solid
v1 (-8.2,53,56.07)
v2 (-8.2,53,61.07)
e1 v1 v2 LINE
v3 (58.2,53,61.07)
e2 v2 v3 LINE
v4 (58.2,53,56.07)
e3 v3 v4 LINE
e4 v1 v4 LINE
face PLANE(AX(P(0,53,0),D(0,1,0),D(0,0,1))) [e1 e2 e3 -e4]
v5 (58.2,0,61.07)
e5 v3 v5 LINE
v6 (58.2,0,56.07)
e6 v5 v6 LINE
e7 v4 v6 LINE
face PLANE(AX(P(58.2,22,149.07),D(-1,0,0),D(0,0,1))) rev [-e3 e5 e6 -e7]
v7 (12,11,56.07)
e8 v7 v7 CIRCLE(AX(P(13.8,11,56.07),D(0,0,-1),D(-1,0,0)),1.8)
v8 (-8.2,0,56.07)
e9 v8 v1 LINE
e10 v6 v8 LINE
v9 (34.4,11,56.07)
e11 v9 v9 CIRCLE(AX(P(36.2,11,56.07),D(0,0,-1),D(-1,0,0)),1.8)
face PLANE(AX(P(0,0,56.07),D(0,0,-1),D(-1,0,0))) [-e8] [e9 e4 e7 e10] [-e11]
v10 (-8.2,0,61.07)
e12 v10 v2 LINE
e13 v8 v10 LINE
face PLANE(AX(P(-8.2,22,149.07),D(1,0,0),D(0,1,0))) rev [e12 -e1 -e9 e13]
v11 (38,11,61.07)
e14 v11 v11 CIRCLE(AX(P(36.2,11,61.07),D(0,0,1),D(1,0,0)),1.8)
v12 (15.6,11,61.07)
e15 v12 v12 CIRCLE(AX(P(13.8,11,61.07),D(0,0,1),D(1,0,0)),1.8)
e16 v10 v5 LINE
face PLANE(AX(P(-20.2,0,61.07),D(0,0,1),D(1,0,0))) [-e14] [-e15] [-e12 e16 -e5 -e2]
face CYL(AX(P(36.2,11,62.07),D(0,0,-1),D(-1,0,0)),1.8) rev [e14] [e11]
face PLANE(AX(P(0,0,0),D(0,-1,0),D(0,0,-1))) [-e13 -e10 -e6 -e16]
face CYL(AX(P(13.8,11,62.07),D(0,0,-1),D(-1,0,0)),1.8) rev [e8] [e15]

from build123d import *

# Parameters (mm, degrees)
SKETCH1_W                = 50
SKETCH1_H                = 9.1
BOSS_EXTRUDE1_DEPTH      = 2
SKETCH2_W                = 25
SKETCH2_H                = 6.6
CUT_EXTRUDE1_DEPTH       = 2
SKETCH3_R                = 1.8
CUT_EXTRUDE2_DEPTH       = 2
SKETCH4_W                = 66.4
SKETCH4_H                = 130
BOSS_EXTRUDE2_DEPTH      = 2
SKETCH5_W                = 66.4
SKETCH5_H                = 2
BOSS_EXTRUDE3_DEPTH      = 2.5
SKETCH6_W                = 8.6
SKETCH6_H                = 62.5
BOSS_EXTRUDE4_DEPTH      = 2
SKETCH7_R                = 1.8
SKETCH7_W                = 3
SKETCH7_H                = 5
CUT_EXTRUDE3_DEPTH       = 2
SKETCH8_W                = 25
SKETCH8_H                = 45
CUT_EXTRUDE4_DEPTH       = 20
SKETCH9_W                = 25
SKETCH9_H                = 10
BOSS_EXTRUDE5_DEPTH      = 2
SKETCH10_W               = 34.7
SKETCH10_H               = 27.07
BOSS_EXTRUDE6_DEPTH      = 2
SKETCH11_R               = 1.8
CUT_EXTRUDE5_DEPTH       = 2
SKETCH12_R               = 1.8
CUT_EXTRUDE6_DEPTH       = 2
SKETCH13_W               = 2
SKETCH13_H               = 2
BOSS_EXTRUDE7_DEPTH      = 44
SKETCH14_W               = 2
SKETCH14_H               = 2
BOSS_EXTRUDE8_DEPTH      = 46
SKETCH16_W               = 42
SKETCH16_H               = 43
BOSS_EXTRUDE10_DEPTH     = 2
SKETCH18_R               = 1.8
CUT_EXTRUDE7_DEPTH       = 2
BOSS_EXTRUDE12_DEPTH     = 2
SKETCH21_W               = 2
SKETCH21_H               = 2
BOSS_EXTRUDE13_DEPTH     = 10
SKETCH25_W               = 3
SKETCH25_H               = 5
CUT_EXTRUDE8_DEPTH       = 10
SKETCH26_W               = 6.2
SKETCH26_H               = 13
SKETCH26_W_2             = 21
SKETCH26_H_2             = 6.6
BOSS_EXTRUDE14_DEPTH     = 2
SKETCH27_W               = 2
SKETCH27_H               = 27
SKETCH27_H_2             = 24.93
BOSS_EXTRUDE15_DEPTH     = 2
SKETCH29_W               = 10
SKETCH29_H               = 10
BOSS_EXTRUDE19_DEPTH     = 2
SKETCH41_R               = 1.8
CUT_EXTRUDE15_DEPTH      = 2
BOSS_EXTRUDE26_DEPTH     = 2
SKETCH43_W               = 70.4
SKETCH43_H               = 2
BOSS_EXTRUDE27_DEPTH     = 11
SKETCH44_W               = 10
SKETCH44_H               = 5
BOSS_EXTRUDE28_DEPTH     = 2
SKETCH45_R               = 1.8
BOSS_EXTRUDE29_DEPTH     = 2
SKETCH46_R               = 1.8
CUT_EXTRUDE16_DEPTH      = 2
SKETCH47_W               = 10
SKETCH47_H               = 1
BOSS_EXTRUDE30_DEPTH     = 2
SKETCH48_W               = 32.7
SKETCH48_H               = 31.07
SKETCH48_W_2             = 101.75
SKETCH48_H_2             = 120.487369876
CUT_EXTRUDE17_DEPTH      = 20
SKETCH50_W               = 66.4
SKETCH50_H               = 81.07
CUT_EXTRUDE19_DEPTH      = 20
SKETCH51_W               = 70.4
SKETCH51_H               = 85.07
SKETCH51_W_2             = 66.4
SKETCH51_H_2             = 81.07
BOSS_EXTRUDE31_DEPTH     = 20
SKETCH52_W               = 10
SKETCH52_H               = 1
BOSS_EXTRUDE32_DEPTH     = 2
SKETCH53_W               = 10
SKETCH53_H               = 4
CUT_EXTRUDE20_DEPTH      = 2
BOSS_EXTRUDE33_START     = 1
SKETCH54_W               = 10
SKETCH54_H               = 12
SKETCH54_R               = 1.8
BOSS_EXTRUDE33_DEPTH     = 1
CUT_EXTRUDE23_DEPTH      = 96
CUT_EXTRUDE23_DEPTH_BACK = 16
SKETCH59_R               = 1.8
SKETCH62_W               = 66.985033768
SKETCH62_H               = 11.249394984
BOSS_EXTRUDE38_DEPTH     = 1
SKETCH65_R               = 1.8
CUT_EXTRUDE27_DEPTH      = 3
SKETCH66_R               = 1
CUT_EXTRUDE28_DEPTH      = 87
BOSS_EXTRUDE41_DEPTH     = 2
BOSS_EXTRUDE42_DEPTH     = 2
BOSS_EXTRUDE43_DEPTH     = 2
SKETCH68_W               = 6.791832398
SKETCH68_H               = 8.144168394
SKETCH68_W_2             = 5.485710784
SKETCH68_W_3             = 7.764004839
SKETCH68_H_2             = 11.628907231
BOSS_EXTRUDE44_DEPTH     = 2
BOSS_EXTRUDE45_DEPTH     = 2
SKETCH70_R               = 1.8
CUT_EXTRUDE29_DEPTH      = 83
SKETCH72_W               = 109.694125273
SKETCH72_H               = 49.124079095
CUT_EXTRUDE30_DEPTH      = 90
SKETCH73_W               = 16.906531278
SKETCH73_H               = 38.825332728
SKETCH73_W_2             = 13.856512057
SKETCH73_H_2             = 35.444026473
CUT_EXTRUDE31_DEPTH      = 90
SKETCH74_W               = 66.4
SKETCH74_H               = 2
BOSS_EXTRUDE46_DEPTH     = 31
BOSS_EXTRUDE47_START     = 3
SKETCH75_W               = 66.4
SKETCH75_H               = 53
SKETCH75_R               = 1.8
BOSS_EXTRUDE47_DEPTH     = 3


with BuildPart() as part:
    # Sketch1 → Boss-Extrude1 (new body)
    with BuildSketch(Plane(origin=(0, 0, 0), x_dir=(1, 0, 0), z_dir=(0, 1, 0))):
        with Locations((25, 4.55)):
            Rectangle(SKETCH1_W, SKETCH1_H)
    extrude(amount=BOSS_EXTRUDE1_DEPTH)

    # Sketch2 → Cut-Extrude1 (cut)
    with BuildSketch(Plane(origin=(0, 2, 0), x_dir=(1, 0, 0), z_dir=(0, 1, 0))):
        with Locations((25, 5.8)):
            Rectangle(SKETCH2_W, SKETCH2_H)
    extrude(amount=-CUT_EXTRUDE1_DEPTH, mode=Mode.SUBTRACT)

    # Sketch3 → Cut-Extrude2 (cut)
    with BuildSketch(Plane(origin=(0, 2, 0), x_dir=(1, 0, 0), z_dir=(0, 1, 0))):
        with Locations(Location((6.25, 5.8, 0), (0, 0, 270))):
            Circle(SKETCH3_R)
        with Locations(Location((43.75, 5.8, 0), (0, 0, 270))):
            Circle(SKETCH3_R)
    extrude(amount=-CUT_EXTRUDE2_DEPTH, mode=Mode.SUBTRACT)

    # Sketch4 → Boss-Extrude2 (add)
    with BuildSketch(Plane(origin=(0, 2, 0), x_dir=(1, 0, 0), z_dir=(0, 1, 0))):
        with Locations((25, -65)):
            Rectangle(SKETCH4_W, SKETCH4_H)
    extrude(amount=-BOSS_EXTRUDE2_DEPTH)

    # Sketch5 → Boss-Extrude3 (add)
    with BuildSketch(Plane.XY.offset(130)):
        with Locations((25, 1)):
            Rectangle(SKETCH5_W, SKETCH5_H)
    extrude(amount=BOSS_EXTRUDE3_DEPTH)

    # Sketch6 → Boss-Extrude4 (add)
    with BuildSketch(Plane(origin=(0, 2, 0), x_dir=(1, 0, 0), z_dir=(0, 1, 0))):
        with Locations((-12.5, -101.25)):
            Rectangle(SKETCH6_W, SKETCH6_H)
        with Locations((62.5, -101.25)):
            Rectangle(SKETCH6_W, SKETCH6_H)
    extrude(amount=-BOSS_EXTRUDE4_DEPTH)

    # Sketch7 → Cut-Extrude3 (cut)
    with BuildSketch(Plane(origin=(0, 2, 0), x_dir=(1, 0, 0), z_dir=(0, 1, 0))):
        with Locations(Location((-13.5, -77, 0), (0, 0, 270))):
            Circle(SKETCH7_R)
        with Locations(Location((-13.5, -101.25, 0), (0, 0, 270))):
            Circle(SKETCH7_R)
        with Locations(Location((-13.5, -125.5, 0), (0, 0, 270))):
            Circle(SKETCH7_R)
        with Locations(Location((63.5, -77, 0), (0, 0, 270))):
            Circle(SKETCH7_R)
        with Locations(Location((63.5, -101.25, 0), (0, 0, 270))):
            Circle(SKETCH7_R)
        with Locations(Location((63.5, -125.5, 0), (0, 0, 270))):
            Circle(SKETCH7_R)
        with Locations((-13.5, -117.5)):
            Rectangle(SKETCH7_W, SKETCH7_H)
        with Locations((63.5, -117.5)):
            Rectangle(SKETCH7_W, SKETCH7_H)
    extrude(amount=-CUT_EXTRUDE3_DEPTH, mode=Mode.SUBTRACT)

    # Sketch8 → Cut-Extrude4 (cut)
    with BuildSketch(Plane(origin=(0, 2, 0), x_dir=(1, 0, 0), z_dir=(0, 1, 0))):
        with Locations((25, -22.5)):
            Rectangle(SKETCH8_W, SKETCH8_H)
    extrude(amount=-CUT_EXTRUDE4_DEPTH, mode=Mode.SUBTRACT)

    # Sketch9 → Boss-Extrude5 (add)
    with BuildSketch(Plane(origin=(0, 2, 0), x_dir=(1, 0, 0), z_dir=(0, 1, 0))):
        with Locations((25, -5)):
            Rectangle(SKETCH9_W, SKETCH9_H)
    extrude(amount=-BOSS_EXTRUDE5_DEPTH)

    # Sketch10 → Boss-Extrude6 (add)
    with BuildSketch(Plane(origin=(0, 2, 0), x_dir=(1, 0, 0), z_dir=(0, 1, 0))):
        with Locations((-25.55, -29.535)):
            Rectangle(SKETCH10_W, SKETCH10_H)
        with Locations((75.55, -29.535)):
            Rectangle(SKETCH10_W, SKETCH10_H)
    extrude(amount=-BOSS_EXTRUDE6_DEPTH)

    # Sketch11 → Cut-Extrude5 (cut)
    with BuildSketch(Plane(origin=(0, 2, 0), x_dir=(1, 0, 0), z_dir=(0, 1, 0))):
        with Locations(Location((-36.9, -19.25, 0), (0, 0, 270))):
            Circle(SKETCH11_R)
        with Locations(Location((-36.9, -39.82, 0), (0, 0, 270))):
            Circle(SKETCH11_R)
        with Locations(Location((-22.6, -19.25, 0), (0, 0, 270))):
            Circle(SKETCH11_R)
        with Locations(Location((-22.6, -39.82, 0), (0, 0, 270))):
            Circle(SKETCH11_R)
    extrude(amount=-CUT_EXTRUDE5_DEPTH, mode=Mode.SUBTRACT)

    # Sketch12 → Cut-Extrude6 (cut)
    with BuildSketch(Plane(origin=(0, 2, 0), x_dir=(1, 0, 0), z_dir=(0, 1, 0))):
        with Locations(Location((72.6, -19.25, 0), (0, 0, 270))):
            Circle(SKETCH12_R)
        with Locations(Location((86.9, -19.25, 0), (0, 0, 270))):
            Circle(SKETCH12_R)
        with Locations(Location((72.6, -39.82, 0), (0, 0, 270))):
            Circle(SKETCH12_R)
        with Locations(Location((86.9, -39.82, 0), (0, 0, 270))):
            Circle(SKETCH12_R)
    extrude(amount=-CUT_EXTRUDE6_DEPTH, mode=Mode.SUBTRACT)

    # Sketch13 → Boss-Extrude7 (add)
    with BuildSketch(Plane.ZY.offset(42.9)):
        with Locations((15, 1)):
            Rectangle(SKETCH13_W, SKETCH13_H)
        with Locations((44.07, 1)):
            Rectangle(SKETCH13_W, SKETCH13_H)
    extrude(amount=-BOSS_EXTRUDE7_DEPTH)

    # Sketch14 → Boss-Extrude8 (add)
    with BuildSketch(Plane(origin=(92.9, 0, 0), x_dir=(0, 0, -1), z_dir=(1, 0, 0))):
        with Locations((-15, 1)):
            Rectangle(SKETCH14_W, SKETCH14_H)
        with Locations((-44.07, 1)):
            Rectangle(SKETCH14_W, SKETCH14_H)
    extrude(amount=-BOSS_EXTRUDE8_DEPTH)

    # Sketch16 → Boss-Extrude10 (add)
    with BuildSketch(Plane(origin=(0, 2, 0), x_dir=(1, 0, 0), z_dir=(0, 1, 0))):
        with Locations((25, -154)):
            Rectangle(SKETCH16_W, SKETCH16_H)
    extrude(amount=-BOSS_EXTRUDE10_DEPTH)

    # Sketch18 → Cut-Extrude7 (cut)
    with BuildSketch(Plane(origin=(0, 2, 0), x_dir=(1, 0, 0), z_dir=(0, 1, 0))):
        with Locations(Location((8.74, -171.03, 0), (0, 0, 270))):
            Circle(SKETCH18_R)
        with Locations(Location((41.26, -171.03, 0), (0, 0, 270))):
            Circle(SKETCH18_R)
        with Locations(Location((8.74, -138.5, 0), (0, 0, 270))):
            Circle(SKETCH18_R)
        with Locations(Location((41.26, -138.5, 0), (0, 0, 270))):
            Circle(SKETCH18_R)
    extrude(amount=-CUT_EXTRUDE7_DEPTH, mode=Mode.SUBTRACT)

    # Sketch20 → Boss-Extrude12 (add)
    with BuildSketch(Plane(origin=(0, 2, 0), x_dir=(1, 0, 0), z_dir=(0, 1, 0))):
        with BuildLine():
            Line((-2, -132.5), (4, -132.5))
            Line((4, -132.5), (4, -138.5))
            ThreePointArc((4, -138.5), (2.242640687, -134.257359313), (-2, -132.5))
        make_face()
        with BuildLine():
            ThreePointArc((52, -132.5), (47.757359313, -134.257359313), (46, -138.5))
            Line((46, -138.5), (46, -132.5))
            Line((46, -132.5), (52, -132.5))
        make_face()
    extrude(amount=-BOSS_EXTRUDE12_DEPTH)

    # Sketch21 → Boss-Extrude13 (add)
    with BuildSketch(Plane(origin=(0, 0, -9.1), x_dir=(-1, 0, 0), z_dir=(0, 0, -1))):
        with Locations((-51, 1)):
            Rectangle(SKETCH21_W, SKETCH21_H)
        with Locations((-36.5, 1)):
            Rectangle(SKETCH21_W, SKETCH21_H)
        with Locations((-13.5, 1)):
            Rectangle(SKETCH21_W, SKETCH21_H)
        with Locations((1, 1)):
            Rectangle(SKETCH21_W, SKETCH21_H)
    extrude(amount=-BOSS_EXTRUDE13_DEPTH)

    # Sketch25 → Cut-Extrude8 (cut)
    with BuildSketch(Plane(origin=(0, 2, 0), x_dir=(1, 0, 0), z_dir=(0, 1, 0))):
        with Locations((-11.7, -22.5)):
            Rectangle(SKETCH25_W, SKETCH25_H)
        with Locations((-11.7, -36.57)):
            Rectangle(SKETCH25_W, SKETCH25_H)
        with Locations((61.7, -22.5)):
            Rectangle(SKETCH25_W, SKETCH25_H)
        with Locations((61.7, -36.57)):
            Rectangle(SKETCH25_W, SKETCH25_H)
    extrude(amount=-CUT_EXTRUDE8_DEPTH, mode=Mode.SUBTRACT)

    # Sketch26 → Boss-Extrude14 (add)
    with BuildSketch(Plane(origin=(0, 2, 0), x_dir=(1, 0, 0), z_dir=(0, 1, 0))):
        with Locations((-5.1, 6.5)):
            Rectangle(SKETCH26_W, SKETCH26_H)
        Polygon((-2, 13), (-2, 9.1), (14.5, 9.1), (35.5, 9.1), (52, 9.1), (52, 13), align=None)
        with Locations((25, 5.8)):
            Rectangle(SKETCH26_W_2, SKETCH26_H_2)
        with Locations((55.1, 6.5)):
            Rectangle(SKETCH26_W, SKETCH26_H)
    extrude(amount=-BOSS_EXTRUDE14_DEPTH)

    # Sketch27 → Boss-Extrude15 (add)
    with BuildSketch(Plane(origin=(0, 2, 0), x_dir=(1, 0, 0), z_dir=(0, 1, 0))):
        with Locations((-9.2, -0.5)):
            Rectangle(SKETCH27_W, SKETCH27_H)
        with Locations((-9.2, -57.535)):
            Rectangle(SKETCH27_W, SKETCH27_H_2)
        with Locations((59.2, -0.5)):
            Rectangle(SKETCH27_W, SKETCH27_H)
        with Locations((59.2, -57.535)):
            Rectangle(SKETCH27_W, SKETCH27_H_2)
    extrude(amount=-BOSS_EXTRUDE15_DEPTH)

    # Sketch29 → Boss-Extrude19 (add)
    with BuildSketch(Plane(origin=(0, 2, 0), x_dir=(1, 0, 0), z_dir=(0, 1, 0))):
        with Locations((-15.2, -9)):
            Rectangle(SKETCH29_W, SKETCH29_H)
        with Locations((-15.2, -50.07)):
            Rectangle(SKETCH29_W, SKETCH29_H)
        with Locations((65.2, -9)):
            Rectangle(SKETCH29_W, SKETCH29_H)
        with Locations((65.2, -50.07)):
            Rectangle(SKETCH29_W, SKETCH29_H)
    extrude(amount=-BOSS_EXTRUDE19_DEPTH)

    # Sketch41 → Cut-Extrude15 (cut)
    with BuildSketch(Plane(origin=(0, 2, 0), x_dir=(1, 0, 0), z_dir=(0, 1, 0))):
        with Locations(Location((-15.2, -9, 0), (0, 0, 270))):
            Circle(SKETCH41_R)
        with Locations(Location((-15.2, -50.07, 0), (0, 0, 270))):
            Circle(SKETCH41_R)
        with Locations(Location((65.2, -9, 0), (0, 0, 270))):
            Circle(SKETCH41_R)
        with Locations(Location((65.2, -50.07, 0), (0, 0, 270))):
            Circle(SKETCH41_R)
    extrude(amount=-CUT_EXTRUDE15_DEPTH, mode=Mode.SUBTRACT)

    # Sketch42 → Boss-Extrude26 (add)
    with BuildSketch(Plane(origin=(0, 2, 0), x_dir=(1, 0, 0), z_dir=(0, 1, 0))):
        with BuildLine():
            Line((-16.8, -70), (-10.2, -70))
            Line((-10.2, -70), (-10.2, -63.4))
            ThreePointArc((-10.2, -63.4), (-12.133095244, -68.066904756), (-16.8, -70))
        make_face()
        with BuildLine():
            Line((60.2, -63.4), (60.2, -70))
            Line((60.2, -70), (66.8, -70))
            ThreePointArc((66.8, -70), (62.133095244, -68.066904756), (60.2, -63.4))
        make_face()
    extrude(amount=-BOSS_EXTRUDE26_DEPTH)

    # Sketch43 → Boss-Extrude27 (add)
    with BuildSketch(Plane(origin=(0, 0, -13), x_dir=(-1, 0, 0), z_dir=(0, 0, -1))):
        with Locations((-25, 1)):
            Rectangle(SKETCH43_W, SKETCH43_H)
    extrude(amount=BOSS_EXTRUDE27_DEPTH)

    # Sketch44 → Boss-Extrude28 (add)
    with BuildSketch(Plane(origin=(0, 2, 0), x_dir=(1, 0, 0), z_dir=(0, 1, 0))):
        with Locations((-15.2, -57.57)):
            Rectangle(SKETCH44_W, SKETCH44_H)
        with Locations((65.2, -57.57)):
            Rectangle(SKETCH44_W, SKETCH44_H)
    extrude(amount=-BOSS_EXTRUDE28_DEPTH)

    # Sketch45 → Boss-Extrude29 (add)
    with BuildSketch(Plane(origin=(0, 2, 0), x_dir=(1, 0, 0), z_dir=(0, 1, 0))):
        with Locations((-15.2, -50.07)):
            Circle(SKETCH45_R)
        with Locations((65.2, -50.07)):
            Circle(SKETCH45_R)
    extrude(amount=-BOSS_EXTRUDE29_DEPTH)

    # Sketch46 → Cut-Extrude16 (cut)
    with BuildSketch(Plane(origin=(0, 2, 0), x_dir=(1, 0, 0), z_dir=(0, 1, 0))):
        with Locations(Location((-15.2, -55.07, 0), (0, 0, 270))):
            Circle(SKETCH46_R)
        with Locations(Location((65.2, -55.07, 0), (0, 0, 270))):
            Circle(SKETCH46_R)
    extrude(amount=-CUT_EXTRUDE16_DEPTH, mode=Mode.SUBTRACT)

    # Sketch47 → Boss-Extrude30 (add)
    with BuildSketch(Plane(origin=(0, 2, 0), x_dir=(1, 0, 0), z_dir=(0, 1, 0))):
        with Locations((-15.2, -3.5)):
            Rectangle(SKETCH47_W, SKETCH47_H)
        with Locations((-15.2, -60.57)):
            Rectangle(SKETCH47_W, SKETCH47_H)
        with Locations((65.2, -3.5)):
            Rectangle(SKETCH47_W, SKETCH47_H)
        with Locations((65.2, -60.57)):
            Rectangle(SKETCH47_W, SKETCH47_H)
    extrude(amount=-BOSS_EXTRUDE30_DEPTH)

    # Sketch48 → Cut-Extrude17 (cut)
    with BuildSketch(Plane(origin=(0, 2, 0), x_dir=(1, 0, 0), z_dir=(0, 1, 0))):
        with Locations((-26.55, -29.535)):
            Rectangle(SKETCH48_W, SKETCH48_H)
        with Locations((76.55, -29.535)):
            Rectangle(SKETCH48_W, SKETCH48_H)
        with Locations((30.675, -121.313684938)):
            Rectangle(SKETCH48_W_2, SKETCH48_H_2)
    extrude(amount=-CUT_EXTRUDE17_DEPTH, mode=Mode.SUBTRACT)

    # Sketch50 → Cut-Extrude19 (cut)
    with BuildSketch(Plane(origin=(0, 2, 0), x_dir=(1, 0, 0), z_dir=(0, 1, 0))):
        with Locations((25, -18.535)):
            Rectangle(SKETCH50_W, SKETCH50_H)
    extrude(amount=-CUT_EXTRUDE19_DEPTH, mode=Mode.SUBTRACT)

    # Sketch51 → Boss-Extrude31 (add)
    with BuildSketch(Plane(origin=(0, 2, 0), x_dir=(1, 0, 0), z_dir=(0, 1, 0))):
        with Locations((25, -18.535)):
            Rectangle(SKETCH51_W, SKETCH51_H)
        with Locations((25, -18.535)):
            Rectangle(SKETCH51_W_2, SKETCH51_H_2, mode=Mode.SUBTRACT)
    extrude(amount=BOSS_EXTRUDE31_DEPTH)

    # Sketch52 → Boss-Extrude32 (add)
    with BuildSketch(Plane(origin=(0, 2, 0), x_dir=(1, 0, 0), z_dir=(0, 1, 0))):
        with Locations((-15.2, -14.5)):
            Rectangle(SKETCH52_W, SKETCH52_H)
        with Locations((65.2, -14.5)):
            Rectangle(SKETCH52_W, SKETCH52_H)
    extrude(amount=-BOSS_EXTRUDE32_DEPTH)

    # Sketch53 → Cut-Extrude20 (cut)
    with BuildSketch(Plane(origin=(0, 2, 0), x_dir=(1, 0, 0), z_dir=(0, 1, 0))):
        with Locations((-15.2, -47.07)):
            Rectangle(SKETCH53_W, SKETCH53_H)
        with Locations((65.2, -47.07)):
            Rectangle(SKETCH53_W, SKETCH53_H)
    extrude(amount=-CUT_EXTRUDE20_DEPTH, mode=Mode.SUBTRACT)

    # Sketch54 → Boss-Extrude33 (add)
    # profile 1 of 4: a face of its own
    with BuildSketch(Plane(origin=(0, 2, 0), x_dir=(1, 0, 0), z_dir=(0, 1, 0)).offset(BOSS_EXTRUDE33_START)):
        with Locations((-15.2, -9)):
            Rectangle(SKETCH54_W, SKETCH54_H)
        with Locations(Location((-15.2, -9, 0), (0, 0, 270))):
            Circle(SKETCH54_R, mode=Mode.SUBTRACT)
    # profile 2 of 4: a face of its own
    with BuildSketch(Plane(origin=(0, 2, 0), x_dir=(1, 0, 0), z_dir=(0, 1, 0)).offset(BOSS_EXTRUDE33_START)):
        with Locations((-15.2, -55.07)):
            Rectangle(SKETCH54_W, SKETCH54_H)
        with Locations(Location((-15.2, -55.07, 0), (0, 0, 270))):
            Circle(SKETCH54_R, mode=Mode.SUBTRACT)
    # profile 3 of 4: a face of its own
    with BuildSketch(Plane(origin=(0, 2, 0), x_dir=(1, 0, 0), z_dir=(0, 1, 0)).offset(BOSS_EXTRUDE33_START)):
        with Locations((65.2, -9)):
            Rectangle(SKETCH54_W, SKETCH54_H)
        with Locations(Location((65.2, -9, 0), (0, 0, 270))):
            Circle(SKETCH54_R, mode=Mode.SUBTRACT)
    # profile 4 of 4: a face of its own
    with BuildSketch(Plane(origin=(0, 2, 0), x_dir=(1, 0, 0), z_dir=(0, 1, 0)).offset(BOSS_EXTRUDE33_START)):
        with Locations((65.2, -55.07)):
            Rectangle(SKETCH54_W, SKETCH54_H)
        with Locations(Location((65.2, -55.07, 0), (0, 0, 270))):
            Circle(SKETCH54_R, mode=Mode.SUBTRACT)
    extrude(amount=-BOSS_EXTRUDE33_DEPTH)

    # Sketch59 → Cut-Extrude23 (cut, two sides: drawn at the far end of the back side and taken through both)
    with BuildSketch(Plane.XY.offset(-22).offset(-CUT_EXTRUDE23_DEPTH_BACK)):
        with Locations((-3.2, 11)):
            Circle(SKETCH59_R)
        with Locations((53.2, 11)):
            Circle(SKETCH59_R)
        with Locations((25, 11)):
            Circle(SKETCH59_R)
    extrude(amount=CUT_EXTRUDE23_DEPTH + CUT_EXTRUDE23_DEPTH_BACK, mode=Mode.SUBTRACT)

    # Sketch62 → Boss-Extrude38 (add)
    with BuildSketch(Plane.XY.offset(61.07)):
        with Locations((24.914777311, 10.744331932)):
            Rectangle(SKETCH62_W, SKETCH62_H)
    extrude(amount=-BOSS_EXTRUDE38_DEPTH)

    # Sketch65 → Cut-Extrude27 (cut)
    with BuildSketch(Plane(origin=(0, 0, 59.07), x_dir=(-1, 0, 0), z_dir=(0, 0, -1))):
        with Locations((-13.8, 11)):
            Circle(SKETCH65_R)
        with Locations((-36.2, 11)):
            Circle(SKETCH65_R)
    extrude(amount=-CUT_EXTRUDE27_DEPTH, mode=Mode.SUBTRACT)

    # Sketch66 → Cut-Extrude28 (cut)
    with BuildSketch(Plane.ZY.offset(10.2)):
        with Locations((32.035, 16)):
            Circle(SKETCH66_R)
    extrude(amount=-CUT_EXTRUDE28_DEPTH, mode=Mode.SUBTRACT)

    # Sketch55 → Boss-Extrude41 (add)
    with BuildSketch(Plane(origin=(0, 0, 3), x_dir=(-1, 0, 0), z_dir=(0, 0, -1))):
        Polygon((20.2, 3), (10.2, 22), (10.2, 3), align=None)
        Polygon((-70.2, 3), (-60.2, 3), (-60.2, 22), align=None)
    extrude(amount=-BOSS_EXTRUDE41_DEPTH)

    # Sketch56 → Boss-Extrude42 (add)
    with BuildSketch(Plane.XY.offset(15)):
        Polygon((-20.2, 3), (-10.2, 3), (-10.2, 22), align=None)
        Polygon((70.2, 3), (60.2, 3), (60.2, 22), align=None)
    extrude(amount=-BOSS_EXTRUDE42_DEPTH)

    # Sketch57 → Boss-Extrude43 (add)
    with BuildSketch(Plane(origin=(0, 0, 49.07), x_dir=(-1, 0, 0), z_dir=(0, 0, -1))):
        Polygon((20.2, 3), (10.2, 3), (10.2, 22), align=None)
        Polygon((-70.2, 3), (-60.2, 3), (-60.2, 22), align=None)
    extrude(amount=-BOSS_EXTRUDE43_DEPTH)

    # Sketch68 → Boss-Extrude44 (add)
    with BuildSketch(Plane(origin=(0, 0, 59.07), x_dir=(-1, 0, 0), z_dir=(0, 0, -1))):
        with Locations((2.499419559, 10.346452983)):
            Rectangle(SKETCH68_W, SKETCH68_H)
        with Locations((-24.624372648, 10.346452983)):
            Rectangle(SKETCH68_W_2, SKETCH68_H)
        with Locations((-52.231743322, 12.088822401)):
            Rectangle(SKETCH68_W_3, SKETCH68_H_2)
    extrude(amount=-BOSS_EXTRUDE44_DEPTH)

    # Sketch69 → Boss-Extrude45 (add)
    with BuildSketch(Plane.XY.offset(61.07)):
        Polygon((-20.2, 3), (-10.2, 3), (-10.2, 22), align=None)
        Polygon((60.2, 3), (70.2, 3), (60.2, 22), align=None)
    extrude(amount=-BOSS_EXTRUDE45_DEPTH)

    # Sketch70 → Cut-Extrude29 (cut)
    with BuildSketch(Plane.ZY.offset(10.2)):
        with Locations((9, 17)):
            Circle(SKETCH70_R)
        with Locations((55.07, 17)):
            Circle(SKETCH70_R)
    extrude(amount=-CUT_EXTRUDE29_DEPTH, mode=Mode.SUBTRACT)

    # Sketch72 → Cut-Extrude30 (cut)
    with BuildSketch(Plane(origin=(0, 0, 59.07), x_dir=(-1, 0, 0), z_dir=(0, 0, -1))):
        with Locations((-21.065003352, -2.562039548)):
            Rectangle(SKETCH72_W, SKETCH72_H)
    extrude(amount=CUT_EXTRUDE30_DEPTH, mode=Mode.SUBTRACT)

    # Sketch73 → Cut-Extrude31 (cut)
    with BuildSketch(Plane(origin=(0, 0, 59.07), x_dir=(-1, 0, 0), z_dir=(0, 0, -1))):
        with Locations((16.653265639, 2.587333636)):
            Rectangle(SKETCH73_W, SKETCH73_H)
        with Locations((-65.128256029, 4.277986763)):
            Rectangle(SKETCH73_W_2, SKETCH73_H_2)
    extrude(amount=-CUT_EXTRUDE31_DEPTH, mode=Mode.SUBTRACT)

    # Sketch74 → Boss-Extrude46 (add)
    with BuildSketch(Plane(origin=(0, 22, 0), x_dir=(1, 0, 0), z_dir=(0, 1, 0))):
        with Locations((25, -60.07)):
            Rectangle(SKETCH74_W, SKETCH74_H)
    extrude(amount=BOSS_EXTRUDE46_DEPTH)

    # Sketch75 → Boss-Extrude47 (add)
    with BuildSketch(Plane(origin=(0, 0, 59.07), x_dir=(-1, 0, 0), z_dir=(0, 0, -1)).offset(BOSS_EXTRUDE47_START)):
        with Locations((-25, 26.5)):
            Rectangle(SKETCH75_W, SKETCH75_H)
        with Locations((-13.8, 11)):
            Circle(SKETCH75_R, mode=Mode.SUBTRACT)
        with Locations((-36.2, 11)):
            Circle(SKETCH75_R, mode=Mode.SUBTRACT)
    extrude(amount=-BOSS_EXTRUDE47_DEPTH)


solid = part.part
